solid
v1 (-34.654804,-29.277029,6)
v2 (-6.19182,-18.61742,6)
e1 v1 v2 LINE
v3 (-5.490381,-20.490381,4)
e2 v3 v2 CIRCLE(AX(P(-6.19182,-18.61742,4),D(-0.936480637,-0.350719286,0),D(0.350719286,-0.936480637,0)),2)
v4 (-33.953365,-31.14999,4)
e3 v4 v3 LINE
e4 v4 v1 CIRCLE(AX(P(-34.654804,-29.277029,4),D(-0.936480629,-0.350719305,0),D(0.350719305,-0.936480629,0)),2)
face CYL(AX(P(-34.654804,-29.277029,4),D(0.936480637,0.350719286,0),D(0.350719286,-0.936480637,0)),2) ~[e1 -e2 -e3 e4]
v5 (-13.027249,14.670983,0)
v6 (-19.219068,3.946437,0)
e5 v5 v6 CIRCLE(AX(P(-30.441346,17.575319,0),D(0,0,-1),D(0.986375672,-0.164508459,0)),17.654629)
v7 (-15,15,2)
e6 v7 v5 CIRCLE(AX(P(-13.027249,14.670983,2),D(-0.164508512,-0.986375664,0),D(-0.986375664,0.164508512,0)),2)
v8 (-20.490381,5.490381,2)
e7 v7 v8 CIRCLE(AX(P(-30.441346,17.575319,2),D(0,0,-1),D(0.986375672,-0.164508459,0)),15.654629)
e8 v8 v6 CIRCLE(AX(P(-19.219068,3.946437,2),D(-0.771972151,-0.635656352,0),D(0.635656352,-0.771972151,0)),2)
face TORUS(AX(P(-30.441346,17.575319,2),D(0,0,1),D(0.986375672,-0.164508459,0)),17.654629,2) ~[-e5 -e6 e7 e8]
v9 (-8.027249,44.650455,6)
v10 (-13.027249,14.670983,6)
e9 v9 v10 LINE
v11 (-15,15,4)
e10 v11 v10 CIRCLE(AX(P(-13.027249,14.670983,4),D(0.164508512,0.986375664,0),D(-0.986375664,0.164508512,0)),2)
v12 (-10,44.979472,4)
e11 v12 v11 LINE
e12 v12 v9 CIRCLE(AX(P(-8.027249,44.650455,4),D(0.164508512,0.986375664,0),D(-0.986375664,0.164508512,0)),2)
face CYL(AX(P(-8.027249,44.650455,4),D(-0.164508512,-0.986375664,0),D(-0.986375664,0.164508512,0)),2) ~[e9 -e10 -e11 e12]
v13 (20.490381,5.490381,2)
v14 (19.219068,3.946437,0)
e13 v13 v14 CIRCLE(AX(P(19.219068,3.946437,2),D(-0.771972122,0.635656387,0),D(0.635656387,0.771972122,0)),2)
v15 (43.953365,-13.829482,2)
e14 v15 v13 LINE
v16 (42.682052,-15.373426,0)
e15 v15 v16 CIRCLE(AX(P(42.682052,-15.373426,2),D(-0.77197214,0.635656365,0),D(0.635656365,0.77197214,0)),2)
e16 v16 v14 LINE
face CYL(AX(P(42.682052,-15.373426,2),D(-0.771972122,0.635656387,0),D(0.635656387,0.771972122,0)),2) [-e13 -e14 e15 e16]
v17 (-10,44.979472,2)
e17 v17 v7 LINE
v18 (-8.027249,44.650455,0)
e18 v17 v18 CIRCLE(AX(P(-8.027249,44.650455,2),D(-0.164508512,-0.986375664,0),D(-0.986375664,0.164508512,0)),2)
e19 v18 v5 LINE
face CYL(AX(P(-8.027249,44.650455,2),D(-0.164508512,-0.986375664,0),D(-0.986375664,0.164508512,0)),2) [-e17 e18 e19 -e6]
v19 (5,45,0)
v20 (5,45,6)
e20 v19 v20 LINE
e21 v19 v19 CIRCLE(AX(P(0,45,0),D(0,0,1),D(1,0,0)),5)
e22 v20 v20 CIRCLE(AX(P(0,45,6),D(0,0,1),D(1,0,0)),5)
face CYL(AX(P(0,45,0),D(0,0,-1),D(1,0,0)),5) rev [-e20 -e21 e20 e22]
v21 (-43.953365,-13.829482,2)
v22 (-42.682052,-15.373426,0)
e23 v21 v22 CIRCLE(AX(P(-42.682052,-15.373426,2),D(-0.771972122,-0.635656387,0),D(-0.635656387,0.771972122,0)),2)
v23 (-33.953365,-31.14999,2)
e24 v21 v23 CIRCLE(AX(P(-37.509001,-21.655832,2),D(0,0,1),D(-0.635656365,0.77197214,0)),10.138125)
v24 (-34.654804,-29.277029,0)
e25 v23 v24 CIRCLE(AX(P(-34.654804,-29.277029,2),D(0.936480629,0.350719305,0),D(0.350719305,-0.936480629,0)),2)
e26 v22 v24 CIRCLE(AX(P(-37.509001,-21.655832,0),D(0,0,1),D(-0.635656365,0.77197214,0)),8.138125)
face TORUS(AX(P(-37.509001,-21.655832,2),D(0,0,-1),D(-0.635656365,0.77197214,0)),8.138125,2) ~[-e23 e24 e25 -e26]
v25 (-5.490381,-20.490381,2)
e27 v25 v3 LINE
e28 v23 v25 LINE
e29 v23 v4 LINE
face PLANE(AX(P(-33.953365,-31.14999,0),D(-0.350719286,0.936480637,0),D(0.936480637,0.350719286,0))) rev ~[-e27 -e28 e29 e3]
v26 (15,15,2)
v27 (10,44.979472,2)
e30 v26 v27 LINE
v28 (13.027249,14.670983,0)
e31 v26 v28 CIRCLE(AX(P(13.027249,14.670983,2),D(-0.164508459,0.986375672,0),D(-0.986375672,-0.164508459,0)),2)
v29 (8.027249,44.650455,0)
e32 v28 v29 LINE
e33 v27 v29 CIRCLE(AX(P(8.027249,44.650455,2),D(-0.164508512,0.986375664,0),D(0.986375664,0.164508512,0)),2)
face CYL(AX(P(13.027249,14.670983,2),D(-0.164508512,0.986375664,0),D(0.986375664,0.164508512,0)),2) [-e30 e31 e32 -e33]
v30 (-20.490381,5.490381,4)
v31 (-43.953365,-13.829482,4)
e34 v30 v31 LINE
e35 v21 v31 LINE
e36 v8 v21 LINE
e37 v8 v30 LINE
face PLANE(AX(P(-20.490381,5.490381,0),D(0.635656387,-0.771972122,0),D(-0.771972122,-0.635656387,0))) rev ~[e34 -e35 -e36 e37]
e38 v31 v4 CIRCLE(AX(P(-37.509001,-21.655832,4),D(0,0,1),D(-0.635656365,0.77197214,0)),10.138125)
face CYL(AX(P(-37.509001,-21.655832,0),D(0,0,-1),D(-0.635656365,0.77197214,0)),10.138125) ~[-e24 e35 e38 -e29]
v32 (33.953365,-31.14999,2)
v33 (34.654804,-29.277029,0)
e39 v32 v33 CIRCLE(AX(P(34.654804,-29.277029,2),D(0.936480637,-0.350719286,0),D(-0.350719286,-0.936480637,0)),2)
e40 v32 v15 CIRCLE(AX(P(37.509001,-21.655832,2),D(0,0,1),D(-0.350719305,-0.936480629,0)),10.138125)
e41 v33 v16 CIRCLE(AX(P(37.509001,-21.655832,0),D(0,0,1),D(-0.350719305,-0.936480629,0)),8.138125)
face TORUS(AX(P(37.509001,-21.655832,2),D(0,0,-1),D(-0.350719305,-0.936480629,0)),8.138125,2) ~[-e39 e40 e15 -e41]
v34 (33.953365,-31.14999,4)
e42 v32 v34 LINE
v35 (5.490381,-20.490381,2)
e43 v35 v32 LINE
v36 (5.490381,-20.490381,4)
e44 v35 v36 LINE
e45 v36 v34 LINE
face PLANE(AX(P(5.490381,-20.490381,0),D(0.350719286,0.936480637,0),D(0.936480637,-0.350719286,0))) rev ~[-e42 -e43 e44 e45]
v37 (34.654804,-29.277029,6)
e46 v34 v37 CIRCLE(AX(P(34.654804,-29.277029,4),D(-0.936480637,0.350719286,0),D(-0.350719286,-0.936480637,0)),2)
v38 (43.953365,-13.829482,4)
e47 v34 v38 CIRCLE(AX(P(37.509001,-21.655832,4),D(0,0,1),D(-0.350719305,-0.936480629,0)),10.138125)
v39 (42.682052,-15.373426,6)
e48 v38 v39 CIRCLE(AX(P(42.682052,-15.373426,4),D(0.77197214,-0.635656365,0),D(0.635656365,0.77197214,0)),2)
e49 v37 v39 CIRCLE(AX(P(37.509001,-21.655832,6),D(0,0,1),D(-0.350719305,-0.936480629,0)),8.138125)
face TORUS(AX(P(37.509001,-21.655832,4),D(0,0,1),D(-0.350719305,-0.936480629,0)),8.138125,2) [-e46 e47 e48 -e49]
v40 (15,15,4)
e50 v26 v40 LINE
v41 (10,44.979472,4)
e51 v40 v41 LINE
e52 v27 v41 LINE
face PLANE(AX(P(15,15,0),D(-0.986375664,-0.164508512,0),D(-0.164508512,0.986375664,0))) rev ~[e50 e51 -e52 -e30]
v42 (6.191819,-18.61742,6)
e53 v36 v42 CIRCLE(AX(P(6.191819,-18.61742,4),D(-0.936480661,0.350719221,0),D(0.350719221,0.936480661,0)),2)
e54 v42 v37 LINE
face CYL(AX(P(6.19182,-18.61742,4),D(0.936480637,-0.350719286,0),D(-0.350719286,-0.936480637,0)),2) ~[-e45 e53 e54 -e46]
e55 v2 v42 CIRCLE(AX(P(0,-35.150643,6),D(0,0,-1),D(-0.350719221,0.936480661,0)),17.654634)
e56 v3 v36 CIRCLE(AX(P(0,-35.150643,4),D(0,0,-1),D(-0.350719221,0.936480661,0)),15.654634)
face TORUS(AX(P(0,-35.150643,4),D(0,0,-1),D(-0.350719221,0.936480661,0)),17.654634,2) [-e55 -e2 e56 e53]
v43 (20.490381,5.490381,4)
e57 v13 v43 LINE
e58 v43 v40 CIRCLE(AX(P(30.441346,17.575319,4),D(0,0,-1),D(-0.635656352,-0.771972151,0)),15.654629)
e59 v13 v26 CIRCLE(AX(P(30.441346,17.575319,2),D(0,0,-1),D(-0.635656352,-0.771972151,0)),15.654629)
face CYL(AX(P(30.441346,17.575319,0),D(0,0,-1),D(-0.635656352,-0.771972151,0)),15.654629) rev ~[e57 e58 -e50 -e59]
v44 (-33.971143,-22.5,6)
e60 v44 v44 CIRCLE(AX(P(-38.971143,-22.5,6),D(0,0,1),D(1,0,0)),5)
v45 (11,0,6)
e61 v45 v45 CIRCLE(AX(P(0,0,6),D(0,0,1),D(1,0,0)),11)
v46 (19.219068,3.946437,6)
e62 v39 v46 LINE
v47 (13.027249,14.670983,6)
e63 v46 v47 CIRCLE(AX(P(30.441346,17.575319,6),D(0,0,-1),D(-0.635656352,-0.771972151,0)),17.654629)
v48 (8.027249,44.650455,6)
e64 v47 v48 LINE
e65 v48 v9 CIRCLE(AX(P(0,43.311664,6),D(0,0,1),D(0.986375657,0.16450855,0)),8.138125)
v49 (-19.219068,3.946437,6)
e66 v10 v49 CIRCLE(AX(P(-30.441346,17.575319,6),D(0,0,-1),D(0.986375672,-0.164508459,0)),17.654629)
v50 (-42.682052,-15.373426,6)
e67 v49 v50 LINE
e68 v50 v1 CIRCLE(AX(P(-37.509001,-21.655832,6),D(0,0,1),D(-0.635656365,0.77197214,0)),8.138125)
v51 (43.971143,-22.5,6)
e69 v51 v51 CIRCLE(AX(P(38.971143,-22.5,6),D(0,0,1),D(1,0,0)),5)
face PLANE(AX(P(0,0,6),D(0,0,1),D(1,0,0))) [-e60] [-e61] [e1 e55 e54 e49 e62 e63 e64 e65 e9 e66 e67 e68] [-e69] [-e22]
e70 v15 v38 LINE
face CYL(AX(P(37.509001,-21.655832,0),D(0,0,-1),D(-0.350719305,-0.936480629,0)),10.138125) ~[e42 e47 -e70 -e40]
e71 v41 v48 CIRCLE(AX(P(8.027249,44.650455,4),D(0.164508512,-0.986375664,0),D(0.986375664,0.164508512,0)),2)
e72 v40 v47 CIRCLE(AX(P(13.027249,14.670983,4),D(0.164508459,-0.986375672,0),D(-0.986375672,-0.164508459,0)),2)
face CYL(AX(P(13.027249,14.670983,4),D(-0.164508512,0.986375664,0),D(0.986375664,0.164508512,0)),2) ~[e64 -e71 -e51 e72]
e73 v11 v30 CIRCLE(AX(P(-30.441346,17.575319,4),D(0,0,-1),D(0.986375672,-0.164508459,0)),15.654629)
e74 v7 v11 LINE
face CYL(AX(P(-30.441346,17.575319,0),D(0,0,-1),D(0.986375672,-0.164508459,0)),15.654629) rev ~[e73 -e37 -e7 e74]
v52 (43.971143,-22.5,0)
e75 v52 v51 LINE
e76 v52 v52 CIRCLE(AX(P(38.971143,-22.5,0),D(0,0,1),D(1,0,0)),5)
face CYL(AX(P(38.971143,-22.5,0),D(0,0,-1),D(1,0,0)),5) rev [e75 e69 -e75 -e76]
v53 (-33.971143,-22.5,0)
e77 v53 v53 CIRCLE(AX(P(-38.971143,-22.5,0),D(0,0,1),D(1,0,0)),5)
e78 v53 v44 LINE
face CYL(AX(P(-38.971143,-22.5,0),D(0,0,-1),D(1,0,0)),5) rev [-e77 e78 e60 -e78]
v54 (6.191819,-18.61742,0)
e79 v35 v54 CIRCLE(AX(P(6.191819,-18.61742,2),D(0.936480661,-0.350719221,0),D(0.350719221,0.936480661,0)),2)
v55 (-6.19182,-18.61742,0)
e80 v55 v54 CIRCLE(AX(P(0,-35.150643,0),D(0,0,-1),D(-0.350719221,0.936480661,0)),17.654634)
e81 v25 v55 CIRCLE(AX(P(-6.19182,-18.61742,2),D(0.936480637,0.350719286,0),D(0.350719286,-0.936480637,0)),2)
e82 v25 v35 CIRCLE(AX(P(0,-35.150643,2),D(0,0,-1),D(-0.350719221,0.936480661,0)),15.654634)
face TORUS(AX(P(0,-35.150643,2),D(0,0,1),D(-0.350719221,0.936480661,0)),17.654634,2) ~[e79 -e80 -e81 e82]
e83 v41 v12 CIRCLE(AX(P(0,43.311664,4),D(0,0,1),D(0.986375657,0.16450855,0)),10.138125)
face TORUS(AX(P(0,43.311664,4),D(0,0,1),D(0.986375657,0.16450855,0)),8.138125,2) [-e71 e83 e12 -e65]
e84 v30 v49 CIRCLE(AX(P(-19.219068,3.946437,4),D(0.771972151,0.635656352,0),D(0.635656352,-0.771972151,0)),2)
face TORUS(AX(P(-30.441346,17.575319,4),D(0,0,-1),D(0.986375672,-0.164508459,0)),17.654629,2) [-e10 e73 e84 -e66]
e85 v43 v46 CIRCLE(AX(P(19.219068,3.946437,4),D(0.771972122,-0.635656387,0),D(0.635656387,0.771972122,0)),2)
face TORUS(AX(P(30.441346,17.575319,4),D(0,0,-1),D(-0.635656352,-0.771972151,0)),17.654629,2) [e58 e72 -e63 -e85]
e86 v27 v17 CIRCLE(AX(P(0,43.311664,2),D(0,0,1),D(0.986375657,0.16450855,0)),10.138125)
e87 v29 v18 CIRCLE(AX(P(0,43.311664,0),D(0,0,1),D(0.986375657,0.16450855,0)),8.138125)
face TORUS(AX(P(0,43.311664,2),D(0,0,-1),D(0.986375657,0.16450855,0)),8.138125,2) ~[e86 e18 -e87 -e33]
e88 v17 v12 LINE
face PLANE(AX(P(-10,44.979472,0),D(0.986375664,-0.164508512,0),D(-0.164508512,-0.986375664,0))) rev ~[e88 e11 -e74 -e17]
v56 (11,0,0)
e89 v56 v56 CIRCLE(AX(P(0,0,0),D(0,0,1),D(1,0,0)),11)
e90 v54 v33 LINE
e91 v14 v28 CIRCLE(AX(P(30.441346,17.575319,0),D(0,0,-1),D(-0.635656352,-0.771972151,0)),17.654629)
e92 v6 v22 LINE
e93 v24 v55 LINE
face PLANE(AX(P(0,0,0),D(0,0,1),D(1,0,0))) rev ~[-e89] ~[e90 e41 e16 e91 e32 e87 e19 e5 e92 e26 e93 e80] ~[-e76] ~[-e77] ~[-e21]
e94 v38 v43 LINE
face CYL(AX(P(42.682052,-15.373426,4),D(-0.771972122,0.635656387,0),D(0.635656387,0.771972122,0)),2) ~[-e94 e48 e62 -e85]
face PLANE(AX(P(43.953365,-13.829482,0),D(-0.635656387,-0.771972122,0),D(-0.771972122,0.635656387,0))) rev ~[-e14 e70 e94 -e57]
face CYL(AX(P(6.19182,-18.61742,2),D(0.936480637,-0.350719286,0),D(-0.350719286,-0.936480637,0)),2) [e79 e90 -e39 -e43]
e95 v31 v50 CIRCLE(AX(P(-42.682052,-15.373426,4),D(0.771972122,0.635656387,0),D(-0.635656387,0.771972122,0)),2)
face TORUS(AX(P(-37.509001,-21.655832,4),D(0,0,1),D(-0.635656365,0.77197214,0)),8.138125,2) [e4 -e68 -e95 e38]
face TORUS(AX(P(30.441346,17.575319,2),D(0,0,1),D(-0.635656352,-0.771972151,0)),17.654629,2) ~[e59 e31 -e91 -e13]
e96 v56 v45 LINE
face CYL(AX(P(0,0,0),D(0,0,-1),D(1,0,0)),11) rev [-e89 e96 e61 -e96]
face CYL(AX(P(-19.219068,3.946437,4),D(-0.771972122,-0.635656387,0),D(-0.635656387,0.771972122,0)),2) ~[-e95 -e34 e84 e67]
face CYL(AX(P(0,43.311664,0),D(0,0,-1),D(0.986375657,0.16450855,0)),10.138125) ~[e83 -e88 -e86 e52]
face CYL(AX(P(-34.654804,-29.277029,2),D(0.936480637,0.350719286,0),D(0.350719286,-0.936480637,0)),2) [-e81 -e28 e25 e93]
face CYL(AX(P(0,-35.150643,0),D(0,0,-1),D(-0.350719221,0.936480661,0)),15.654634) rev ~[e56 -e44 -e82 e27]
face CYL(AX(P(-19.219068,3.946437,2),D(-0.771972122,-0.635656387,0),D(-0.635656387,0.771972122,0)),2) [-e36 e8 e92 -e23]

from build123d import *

# Parameters (mm, degrees)
F0_R     = 5
F0_R_2   = 11
F1_DEPTH = 6
F2_R     = 2


with BuildPart() as f1:
    # F0 (on Top) → F1 (new body)
    with BuildSketch(Plane.XY):
        with BuildLine():
            ThreePointArc((10, 44.979472), (0, 53.449789), (-10, 44.979472))
            Line((-10, 44.979472), (-15, 15))
            ThreePointArc((-15, 15), (-16.884039, 9.748004), (-20.490381, 5.490381))
            Line((-20.490381, 5.490381), (-43.953365, -13.829482))
            ThreePointArc((-43.953365, -13.829482), (-46.288875, -26.724895), (-33.953365, -31.14999))
            Line((-33.953365, -31.14999), (-5.490381, -20.490381))
            ThreePointArc((-5.490381, -20.490381), (0, -19.496009), (5.490381, -20.490381))
            Line((5.490381, -20.490381), (33.953365, -31.14999))
            ThreePointArc((33.953365, -31.14999), (46.288875, -26.724895), (43.953365, -13.829482))
            Line((43.953365, -13.829482), (20.490381, 5.490381))
            ThreePointArc((20.490381, 5.490381), (16.884039, 9.748004), (15, 15))
            Line((15, 15), (10, 44.979472))
        make_face()
        with Locations((-38.971143, -22.5)):
            Circle(F0_R, mode=Mode.SUBTRACT)
        with Locations((38.971143, -22.5)):
            Circle(F0_R, mode=Mode.SUBTRACT)
        Circle(F0_R_2, mode=Mode.SUBTRACT)
        with Locations((0, 45)):
            Circle(F0_R, mode=Mode.SUBTRACT)
    extrude(amount=F1_DEPTH)

    # F2
    f2_edges = [f1.edges().sort_by_distance(p)[0] for p in [
        (-12.5, 29.989736, 6),
        (-12.5, 29.989736, 0),
    ]]
    fillet(f2_edges, radius=F2_R)


solid = f1.part
